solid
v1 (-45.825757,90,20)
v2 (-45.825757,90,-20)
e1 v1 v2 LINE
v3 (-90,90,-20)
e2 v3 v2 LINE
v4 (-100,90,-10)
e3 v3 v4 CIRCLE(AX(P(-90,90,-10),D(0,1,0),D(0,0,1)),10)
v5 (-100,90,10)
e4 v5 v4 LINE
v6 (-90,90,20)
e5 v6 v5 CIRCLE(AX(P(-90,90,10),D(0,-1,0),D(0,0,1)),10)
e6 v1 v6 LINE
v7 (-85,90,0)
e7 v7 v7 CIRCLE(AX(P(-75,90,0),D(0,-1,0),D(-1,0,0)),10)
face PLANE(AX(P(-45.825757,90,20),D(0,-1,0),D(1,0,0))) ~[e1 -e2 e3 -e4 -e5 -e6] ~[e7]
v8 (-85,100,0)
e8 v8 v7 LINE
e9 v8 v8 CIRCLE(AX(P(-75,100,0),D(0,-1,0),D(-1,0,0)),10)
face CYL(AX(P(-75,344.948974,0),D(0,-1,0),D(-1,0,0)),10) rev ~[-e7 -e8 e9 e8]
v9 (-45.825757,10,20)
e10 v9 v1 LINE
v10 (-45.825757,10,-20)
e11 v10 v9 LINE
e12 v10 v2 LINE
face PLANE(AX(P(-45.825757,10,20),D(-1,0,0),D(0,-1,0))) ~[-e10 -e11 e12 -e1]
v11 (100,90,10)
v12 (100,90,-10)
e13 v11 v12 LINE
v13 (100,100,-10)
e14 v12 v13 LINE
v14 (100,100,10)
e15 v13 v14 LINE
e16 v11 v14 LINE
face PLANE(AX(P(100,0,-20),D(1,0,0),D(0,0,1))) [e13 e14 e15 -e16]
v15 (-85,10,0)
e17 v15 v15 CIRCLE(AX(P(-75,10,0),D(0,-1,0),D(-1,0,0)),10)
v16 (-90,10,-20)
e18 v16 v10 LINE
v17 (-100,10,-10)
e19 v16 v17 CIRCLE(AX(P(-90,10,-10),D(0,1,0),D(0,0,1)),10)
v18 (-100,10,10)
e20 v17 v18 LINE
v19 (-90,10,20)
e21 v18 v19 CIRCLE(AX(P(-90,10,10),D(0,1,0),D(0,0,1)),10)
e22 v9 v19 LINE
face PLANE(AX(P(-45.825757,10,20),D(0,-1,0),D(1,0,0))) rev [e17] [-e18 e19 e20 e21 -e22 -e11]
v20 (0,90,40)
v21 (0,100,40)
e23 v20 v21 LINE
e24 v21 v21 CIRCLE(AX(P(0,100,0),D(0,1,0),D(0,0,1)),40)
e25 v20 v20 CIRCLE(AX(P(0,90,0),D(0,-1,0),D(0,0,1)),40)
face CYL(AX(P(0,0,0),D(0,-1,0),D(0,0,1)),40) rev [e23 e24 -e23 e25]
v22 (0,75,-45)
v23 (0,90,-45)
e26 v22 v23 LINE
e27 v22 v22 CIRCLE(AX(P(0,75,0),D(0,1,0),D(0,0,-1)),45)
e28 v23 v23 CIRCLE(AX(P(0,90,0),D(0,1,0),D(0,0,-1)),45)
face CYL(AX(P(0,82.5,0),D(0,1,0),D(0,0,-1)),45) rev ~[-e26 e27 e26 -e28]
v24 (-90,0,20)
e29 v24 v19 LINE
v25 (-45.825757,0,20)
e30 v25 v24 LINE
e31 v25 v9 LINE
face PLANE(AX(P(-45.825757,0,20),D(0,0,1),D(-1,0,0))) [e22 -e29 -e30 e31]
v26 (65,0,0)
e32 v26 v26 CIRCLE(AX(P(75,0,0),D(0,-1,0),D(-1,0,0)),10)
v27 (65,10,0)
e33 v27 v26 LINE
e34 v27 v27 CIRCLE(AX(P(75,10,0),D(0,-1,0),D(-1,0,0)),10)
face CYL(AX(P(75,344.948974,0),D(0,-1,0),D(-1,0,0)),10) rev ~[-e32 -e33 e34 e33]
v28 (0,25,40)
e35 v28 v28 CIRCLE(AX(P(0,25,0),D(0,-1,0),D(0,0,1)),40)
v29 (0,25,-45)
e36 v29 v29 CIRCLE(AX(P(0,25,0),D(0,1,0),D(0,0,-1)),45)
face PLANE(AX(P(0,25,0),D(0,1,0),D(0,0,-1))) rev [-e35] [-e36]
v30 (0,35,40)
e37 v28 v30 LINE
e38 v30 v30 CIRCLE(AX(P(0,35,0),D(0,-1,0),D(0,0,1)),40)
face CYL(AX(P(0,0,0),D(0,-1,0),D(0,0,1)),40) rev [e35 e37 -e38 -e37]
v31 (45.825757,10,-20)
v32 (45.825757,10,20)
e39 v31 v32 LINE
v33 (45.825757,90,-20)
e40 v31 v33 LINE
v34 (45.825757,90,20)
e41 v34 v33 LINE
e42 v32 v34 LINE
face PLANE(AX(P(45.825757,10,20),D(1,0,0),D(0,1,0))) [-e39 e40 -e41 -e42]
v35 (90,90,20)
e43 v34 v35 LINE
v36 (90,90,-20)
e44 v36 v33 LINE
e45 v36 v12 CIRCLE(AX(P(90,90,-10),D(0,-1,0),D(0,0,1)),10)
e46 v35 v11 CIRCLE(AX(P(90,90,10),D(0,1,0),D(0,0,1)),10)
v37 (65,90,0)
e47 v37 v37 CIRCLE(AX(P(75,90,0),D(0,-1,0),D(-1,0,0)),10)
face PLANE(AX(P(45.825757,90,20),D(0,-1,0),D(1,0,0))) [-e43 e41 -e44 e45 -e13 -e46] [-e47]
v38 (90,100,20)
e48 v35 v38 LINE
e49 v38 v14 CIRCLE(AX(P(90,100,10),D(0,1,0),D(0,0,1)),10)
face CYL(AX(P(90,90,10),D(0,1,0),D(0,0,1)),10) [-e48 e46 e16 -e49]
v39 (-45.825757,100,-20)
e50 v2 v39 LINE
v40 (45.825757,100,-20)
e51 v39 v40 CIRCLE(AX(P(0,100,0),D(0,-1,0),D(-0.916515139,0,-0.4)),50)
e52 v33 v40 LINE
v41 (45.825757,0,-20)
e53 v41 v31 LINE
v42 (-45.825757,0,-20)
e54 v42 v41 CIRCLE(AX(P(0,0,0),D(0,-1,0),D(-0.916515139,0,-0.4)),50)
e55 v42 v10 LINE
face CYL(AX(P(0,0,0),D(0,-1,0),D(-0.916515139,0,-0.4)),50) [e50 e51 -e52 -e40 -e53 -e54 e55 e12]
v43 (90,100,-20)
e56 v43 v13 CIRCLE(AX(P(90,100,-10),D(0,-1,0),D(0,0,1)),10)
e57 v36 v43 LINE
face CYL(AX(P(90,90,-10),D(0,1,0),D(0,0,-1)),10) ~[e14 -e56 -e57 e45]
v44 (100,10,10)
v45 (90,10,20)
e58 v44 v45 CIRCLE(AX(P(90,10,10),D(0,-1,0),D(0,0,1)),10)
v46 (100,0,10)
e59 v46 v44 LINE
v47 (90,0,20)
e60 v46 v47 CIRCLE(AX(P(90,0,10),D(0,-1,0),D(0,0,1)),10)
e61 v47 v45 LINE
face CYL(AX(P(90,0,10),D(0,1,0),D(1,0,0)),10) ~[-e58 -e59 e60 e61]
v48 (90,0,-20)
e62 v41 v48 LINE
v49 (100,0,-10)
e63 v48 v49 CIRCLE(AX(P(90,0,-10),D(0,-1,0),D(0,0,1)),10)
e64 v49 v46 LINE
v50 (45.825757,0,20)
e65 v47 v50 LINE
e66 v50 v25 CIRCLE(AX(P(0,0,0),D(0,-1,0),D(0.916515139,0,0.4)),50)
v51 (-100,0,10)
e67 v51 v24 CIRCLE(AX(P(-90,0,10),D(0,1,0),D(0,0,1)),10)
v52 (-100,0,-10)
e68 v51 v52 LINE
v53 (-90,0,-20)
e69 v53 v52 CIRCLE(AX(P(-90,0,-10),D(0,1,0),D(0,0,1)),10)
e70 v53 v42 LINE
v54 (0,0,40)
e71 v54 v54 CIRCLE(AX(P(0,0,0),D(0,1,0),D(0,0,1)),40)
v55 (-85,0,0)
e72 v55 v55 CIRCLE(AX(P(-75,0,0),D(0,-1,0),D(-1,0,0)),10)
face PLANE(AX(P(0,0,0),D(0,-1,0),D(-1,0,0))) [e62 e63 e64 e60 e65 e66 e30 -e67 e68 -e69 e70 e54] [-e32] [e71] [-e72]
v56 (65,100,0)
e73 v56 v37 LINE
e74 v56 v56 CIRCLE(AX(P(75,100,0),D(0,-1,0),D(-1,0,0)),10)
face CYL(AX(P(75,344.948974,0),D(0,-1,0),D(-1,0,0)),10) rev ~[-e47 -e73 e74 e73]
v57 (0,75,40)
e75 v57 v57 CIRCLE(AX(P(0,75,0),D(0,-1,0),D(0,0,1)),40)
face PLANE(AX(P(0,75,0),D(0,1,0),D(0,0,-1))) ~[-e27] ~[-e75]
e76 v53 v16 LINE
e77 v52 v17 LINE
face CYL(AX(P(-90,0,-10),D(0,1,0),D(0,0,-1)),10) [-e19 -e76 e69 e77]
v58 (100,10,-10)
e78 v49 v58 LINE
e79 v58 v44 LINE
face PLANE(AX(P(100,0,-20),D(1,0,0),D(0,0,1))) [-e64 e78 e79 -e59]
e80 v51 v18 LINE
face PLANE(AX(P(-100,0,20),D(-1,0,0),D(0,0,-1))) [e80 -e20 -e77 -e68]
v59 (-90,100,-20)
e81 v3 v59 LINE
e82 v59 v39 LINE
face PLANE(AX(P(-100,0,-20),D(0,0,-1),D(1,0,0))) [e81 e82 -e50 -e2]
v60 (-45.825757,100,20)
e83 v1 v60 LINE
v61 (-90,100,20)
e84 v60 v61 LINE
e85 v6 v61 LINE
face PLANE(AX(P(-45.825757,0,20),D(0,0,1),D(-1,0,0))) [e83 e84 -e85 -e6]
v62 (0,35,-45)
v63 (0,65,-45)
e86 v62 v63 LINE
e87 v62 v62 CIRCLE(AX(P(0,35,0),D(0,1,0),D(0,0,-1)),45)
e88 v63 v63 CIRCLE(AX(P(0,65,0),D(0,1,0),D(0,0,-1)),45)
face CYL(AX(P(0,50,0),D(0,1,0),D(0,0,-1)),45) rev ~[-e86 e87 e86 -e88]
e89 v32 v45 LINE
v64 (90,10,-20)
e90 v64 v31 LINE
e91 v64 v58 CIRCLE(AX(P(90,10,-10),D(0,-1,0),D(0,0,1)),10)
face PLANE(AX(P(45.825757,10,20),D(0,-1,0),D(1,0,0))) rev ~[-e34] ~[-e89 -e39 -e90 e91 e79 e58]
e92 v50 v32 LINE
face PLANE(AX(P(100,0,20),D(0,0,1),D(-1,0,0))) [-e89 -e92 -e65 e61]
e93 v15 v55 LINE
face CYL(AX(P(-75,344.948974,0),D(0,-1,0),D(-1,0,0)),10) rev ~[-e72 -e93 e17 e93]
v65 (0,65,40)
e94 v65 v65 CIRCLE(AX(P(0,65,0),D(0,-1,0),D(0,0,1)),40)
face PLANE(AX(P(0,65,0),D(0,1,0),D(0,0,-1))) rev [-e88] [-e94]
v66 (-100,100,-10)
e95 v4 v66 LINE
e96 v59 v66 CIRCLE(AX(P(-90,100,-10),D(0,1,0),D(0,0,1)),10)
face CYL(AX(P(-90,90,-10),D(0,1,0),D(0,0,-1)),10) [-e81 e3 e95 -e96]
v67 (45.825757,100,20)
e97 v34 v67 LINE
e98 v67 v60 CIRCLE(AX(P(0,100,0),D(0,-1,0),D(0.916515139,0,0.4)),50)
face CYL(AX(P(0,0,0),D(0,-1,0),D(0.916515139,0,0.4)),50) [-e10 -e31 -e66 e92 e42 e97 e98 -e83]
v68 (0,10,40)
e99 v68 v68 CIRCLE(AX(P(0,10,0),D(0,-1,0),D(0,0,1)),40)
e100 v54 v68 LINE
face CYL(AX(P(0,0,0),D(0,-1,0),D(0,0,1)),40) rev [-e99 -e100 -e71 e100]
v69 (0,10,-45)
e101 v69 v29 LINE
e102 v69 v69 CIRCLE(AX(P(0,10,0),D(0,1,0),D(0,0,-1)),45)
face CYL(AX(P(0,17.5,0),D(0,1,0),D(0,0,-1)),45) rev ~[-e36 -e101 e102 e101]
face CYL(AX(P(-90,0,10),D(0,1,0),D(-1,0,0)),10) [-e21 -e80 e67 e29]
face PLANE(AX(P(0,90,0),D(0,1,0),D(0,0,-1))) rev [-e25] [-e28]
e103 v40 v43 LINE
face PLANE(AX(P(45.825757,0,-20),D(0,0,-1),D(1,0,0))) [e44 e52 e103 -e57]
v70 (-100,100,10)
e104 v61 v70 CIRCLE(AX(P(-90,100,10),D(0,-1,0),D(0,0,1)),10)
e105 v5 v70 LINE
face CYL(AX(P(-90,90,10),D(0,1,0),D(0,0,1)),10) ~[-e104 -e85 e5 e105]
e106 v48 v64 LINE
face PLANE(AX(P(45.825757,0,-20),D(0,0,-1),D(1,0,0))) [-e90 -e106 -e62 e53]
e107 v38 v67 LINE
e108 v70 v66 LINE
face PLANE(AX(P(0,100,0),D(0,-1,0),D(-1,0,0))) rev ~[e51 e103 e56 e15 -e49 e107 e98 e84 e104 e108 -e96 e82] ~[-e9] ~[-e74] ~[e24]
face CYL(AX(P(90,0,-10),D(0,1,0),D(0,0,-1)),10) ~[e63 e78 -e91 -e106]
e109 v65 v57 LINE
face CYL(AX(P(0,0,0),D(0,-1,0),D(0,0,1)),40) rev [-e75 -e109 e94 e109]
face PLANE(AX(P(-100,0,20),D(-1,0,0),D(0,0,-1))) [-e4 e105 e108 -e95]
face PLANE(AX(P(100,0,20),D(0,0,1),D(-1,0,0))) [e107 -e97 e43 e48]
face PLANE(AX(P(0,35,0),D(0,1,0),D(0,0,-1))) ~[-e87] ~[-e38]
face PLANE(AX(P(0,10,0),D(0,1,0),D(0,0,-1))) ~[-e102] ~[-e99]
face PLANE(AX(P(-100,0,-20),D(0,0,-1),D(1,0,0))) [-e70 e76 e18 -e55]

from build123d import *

# Parameters (mm, degrees)
SKETCH1_R           = 40
BOSS_EXTRUDE1_DEPTH = 100
SKETCH3_W           = 54.17424305
SKETCH3_H           = 80
CUT_EXTRUDE1_DEPTH  = 158.797338381
HOLE1_D             = 20
FILLET1_R           = 10
SKETCH6_W           = 45
SKETCH6_H           = 15
SKETCH6_H_2         = 30


with BuildPart() as part:
    # Sketch1 → Boss-Extrude1 (new body)
    with BuildSketch(Plane(origin=(0, 0, 0), x_dir=(1, 0, 0), z_dir=(0, 1, 0))):
        with BuildLine():
            Line((45.82575695, 20), (100, 20))
            Line((100, 20), (100, -20))
            Line((100, -20), (45.82575695, -20))
            ThreePointArc((45.82575695, -20), (0, -50), (-45.82575695, -20))
            Line((-45.82575695, -20), (-100, -20))
            Line((-100, -20), (-100, 20))
            Line((-100, 20), (-45.82575695, 20))
            ThreePointArc((-45.82575695, 20), (0, 50), (45.82575695, 20))
        make_face()
        with Locations(Location((0, 0, 0), (0, 0, 270))):
            Circle(SKETCH1_R, mode=Mode.SUBTRACT)
    extrude(amount=BOSS_EXTRUDE1_DEPTH)

    # Sketch3 → Cut-Extrude1 (cut, symmetric)
    with BuildSketch(Plane.XY.offset(20)):
        with Locations((72.912878475, 50)):
            Rectangle(SKETCH3_W, SKETCH3_H)
    cut_extrude1 = extrude(amount=CUT_EXTRUDE1_DEPTH, both=True, mode=Mode.SUBTRACT)

    # Mirror1: Cut-Extrude1 across plane
    add(cut_extrude1.mirror(Plane(origin=(0, 0, 0), x_dir=(0, 0, 1), z_dir=(1, 0, 0))), mode=Mode.SUBTRACT)

    # Hole1 (through all)
    with Locations(Plane(origin=(0, 100, 0), x_dir=(1, 0, 0), z_dir=(0, 1, 0))):
        with Locations((-75, 0), (75, 0)):
            Hole(HOLE1_D / 2)

    # Fillet1
    fillet1_edges = [part.edges().sort_by_distance(p)[0] for p in [
        (100, 95, 20),
        (-100, 95, 20),
        (-100, 95, -20),
        (100, 95, -20),
        (100, 5, 20),
        (100, 5, -20),
        (-100, 5, 20),
        (-100, 5, -20),
    ]]
    fillet(fillet1_edges, radius=FILLET1_R)

    # Sketch6 → Cut-Revolve1 (revolve, cut)
    with BuildSketch(Plane.XY, mode=Mode.PRIVATE) as cut_revolve1_sk:
        with Locations((22.5, 82.5)):
            Rectangle(SKETCH6_W, SKETCH6_H)
        with Locations((22.5, 50)):
            Rectangle(SKETCH6_W, SKETCH6_H_2)
        with Locations((22.5, 17.5)):
            Rectangle(SKETCH6_W, SKETCH6_H)
    revolve(cut_revolve1_sk.sketch.rotate(Axis((0, 0, 0), (0, 1, 0)), 90), axis=Axis((0, 0, 0), (0, 1, 0)), mode=Mode.SUBTRACT)


solid = part.part
